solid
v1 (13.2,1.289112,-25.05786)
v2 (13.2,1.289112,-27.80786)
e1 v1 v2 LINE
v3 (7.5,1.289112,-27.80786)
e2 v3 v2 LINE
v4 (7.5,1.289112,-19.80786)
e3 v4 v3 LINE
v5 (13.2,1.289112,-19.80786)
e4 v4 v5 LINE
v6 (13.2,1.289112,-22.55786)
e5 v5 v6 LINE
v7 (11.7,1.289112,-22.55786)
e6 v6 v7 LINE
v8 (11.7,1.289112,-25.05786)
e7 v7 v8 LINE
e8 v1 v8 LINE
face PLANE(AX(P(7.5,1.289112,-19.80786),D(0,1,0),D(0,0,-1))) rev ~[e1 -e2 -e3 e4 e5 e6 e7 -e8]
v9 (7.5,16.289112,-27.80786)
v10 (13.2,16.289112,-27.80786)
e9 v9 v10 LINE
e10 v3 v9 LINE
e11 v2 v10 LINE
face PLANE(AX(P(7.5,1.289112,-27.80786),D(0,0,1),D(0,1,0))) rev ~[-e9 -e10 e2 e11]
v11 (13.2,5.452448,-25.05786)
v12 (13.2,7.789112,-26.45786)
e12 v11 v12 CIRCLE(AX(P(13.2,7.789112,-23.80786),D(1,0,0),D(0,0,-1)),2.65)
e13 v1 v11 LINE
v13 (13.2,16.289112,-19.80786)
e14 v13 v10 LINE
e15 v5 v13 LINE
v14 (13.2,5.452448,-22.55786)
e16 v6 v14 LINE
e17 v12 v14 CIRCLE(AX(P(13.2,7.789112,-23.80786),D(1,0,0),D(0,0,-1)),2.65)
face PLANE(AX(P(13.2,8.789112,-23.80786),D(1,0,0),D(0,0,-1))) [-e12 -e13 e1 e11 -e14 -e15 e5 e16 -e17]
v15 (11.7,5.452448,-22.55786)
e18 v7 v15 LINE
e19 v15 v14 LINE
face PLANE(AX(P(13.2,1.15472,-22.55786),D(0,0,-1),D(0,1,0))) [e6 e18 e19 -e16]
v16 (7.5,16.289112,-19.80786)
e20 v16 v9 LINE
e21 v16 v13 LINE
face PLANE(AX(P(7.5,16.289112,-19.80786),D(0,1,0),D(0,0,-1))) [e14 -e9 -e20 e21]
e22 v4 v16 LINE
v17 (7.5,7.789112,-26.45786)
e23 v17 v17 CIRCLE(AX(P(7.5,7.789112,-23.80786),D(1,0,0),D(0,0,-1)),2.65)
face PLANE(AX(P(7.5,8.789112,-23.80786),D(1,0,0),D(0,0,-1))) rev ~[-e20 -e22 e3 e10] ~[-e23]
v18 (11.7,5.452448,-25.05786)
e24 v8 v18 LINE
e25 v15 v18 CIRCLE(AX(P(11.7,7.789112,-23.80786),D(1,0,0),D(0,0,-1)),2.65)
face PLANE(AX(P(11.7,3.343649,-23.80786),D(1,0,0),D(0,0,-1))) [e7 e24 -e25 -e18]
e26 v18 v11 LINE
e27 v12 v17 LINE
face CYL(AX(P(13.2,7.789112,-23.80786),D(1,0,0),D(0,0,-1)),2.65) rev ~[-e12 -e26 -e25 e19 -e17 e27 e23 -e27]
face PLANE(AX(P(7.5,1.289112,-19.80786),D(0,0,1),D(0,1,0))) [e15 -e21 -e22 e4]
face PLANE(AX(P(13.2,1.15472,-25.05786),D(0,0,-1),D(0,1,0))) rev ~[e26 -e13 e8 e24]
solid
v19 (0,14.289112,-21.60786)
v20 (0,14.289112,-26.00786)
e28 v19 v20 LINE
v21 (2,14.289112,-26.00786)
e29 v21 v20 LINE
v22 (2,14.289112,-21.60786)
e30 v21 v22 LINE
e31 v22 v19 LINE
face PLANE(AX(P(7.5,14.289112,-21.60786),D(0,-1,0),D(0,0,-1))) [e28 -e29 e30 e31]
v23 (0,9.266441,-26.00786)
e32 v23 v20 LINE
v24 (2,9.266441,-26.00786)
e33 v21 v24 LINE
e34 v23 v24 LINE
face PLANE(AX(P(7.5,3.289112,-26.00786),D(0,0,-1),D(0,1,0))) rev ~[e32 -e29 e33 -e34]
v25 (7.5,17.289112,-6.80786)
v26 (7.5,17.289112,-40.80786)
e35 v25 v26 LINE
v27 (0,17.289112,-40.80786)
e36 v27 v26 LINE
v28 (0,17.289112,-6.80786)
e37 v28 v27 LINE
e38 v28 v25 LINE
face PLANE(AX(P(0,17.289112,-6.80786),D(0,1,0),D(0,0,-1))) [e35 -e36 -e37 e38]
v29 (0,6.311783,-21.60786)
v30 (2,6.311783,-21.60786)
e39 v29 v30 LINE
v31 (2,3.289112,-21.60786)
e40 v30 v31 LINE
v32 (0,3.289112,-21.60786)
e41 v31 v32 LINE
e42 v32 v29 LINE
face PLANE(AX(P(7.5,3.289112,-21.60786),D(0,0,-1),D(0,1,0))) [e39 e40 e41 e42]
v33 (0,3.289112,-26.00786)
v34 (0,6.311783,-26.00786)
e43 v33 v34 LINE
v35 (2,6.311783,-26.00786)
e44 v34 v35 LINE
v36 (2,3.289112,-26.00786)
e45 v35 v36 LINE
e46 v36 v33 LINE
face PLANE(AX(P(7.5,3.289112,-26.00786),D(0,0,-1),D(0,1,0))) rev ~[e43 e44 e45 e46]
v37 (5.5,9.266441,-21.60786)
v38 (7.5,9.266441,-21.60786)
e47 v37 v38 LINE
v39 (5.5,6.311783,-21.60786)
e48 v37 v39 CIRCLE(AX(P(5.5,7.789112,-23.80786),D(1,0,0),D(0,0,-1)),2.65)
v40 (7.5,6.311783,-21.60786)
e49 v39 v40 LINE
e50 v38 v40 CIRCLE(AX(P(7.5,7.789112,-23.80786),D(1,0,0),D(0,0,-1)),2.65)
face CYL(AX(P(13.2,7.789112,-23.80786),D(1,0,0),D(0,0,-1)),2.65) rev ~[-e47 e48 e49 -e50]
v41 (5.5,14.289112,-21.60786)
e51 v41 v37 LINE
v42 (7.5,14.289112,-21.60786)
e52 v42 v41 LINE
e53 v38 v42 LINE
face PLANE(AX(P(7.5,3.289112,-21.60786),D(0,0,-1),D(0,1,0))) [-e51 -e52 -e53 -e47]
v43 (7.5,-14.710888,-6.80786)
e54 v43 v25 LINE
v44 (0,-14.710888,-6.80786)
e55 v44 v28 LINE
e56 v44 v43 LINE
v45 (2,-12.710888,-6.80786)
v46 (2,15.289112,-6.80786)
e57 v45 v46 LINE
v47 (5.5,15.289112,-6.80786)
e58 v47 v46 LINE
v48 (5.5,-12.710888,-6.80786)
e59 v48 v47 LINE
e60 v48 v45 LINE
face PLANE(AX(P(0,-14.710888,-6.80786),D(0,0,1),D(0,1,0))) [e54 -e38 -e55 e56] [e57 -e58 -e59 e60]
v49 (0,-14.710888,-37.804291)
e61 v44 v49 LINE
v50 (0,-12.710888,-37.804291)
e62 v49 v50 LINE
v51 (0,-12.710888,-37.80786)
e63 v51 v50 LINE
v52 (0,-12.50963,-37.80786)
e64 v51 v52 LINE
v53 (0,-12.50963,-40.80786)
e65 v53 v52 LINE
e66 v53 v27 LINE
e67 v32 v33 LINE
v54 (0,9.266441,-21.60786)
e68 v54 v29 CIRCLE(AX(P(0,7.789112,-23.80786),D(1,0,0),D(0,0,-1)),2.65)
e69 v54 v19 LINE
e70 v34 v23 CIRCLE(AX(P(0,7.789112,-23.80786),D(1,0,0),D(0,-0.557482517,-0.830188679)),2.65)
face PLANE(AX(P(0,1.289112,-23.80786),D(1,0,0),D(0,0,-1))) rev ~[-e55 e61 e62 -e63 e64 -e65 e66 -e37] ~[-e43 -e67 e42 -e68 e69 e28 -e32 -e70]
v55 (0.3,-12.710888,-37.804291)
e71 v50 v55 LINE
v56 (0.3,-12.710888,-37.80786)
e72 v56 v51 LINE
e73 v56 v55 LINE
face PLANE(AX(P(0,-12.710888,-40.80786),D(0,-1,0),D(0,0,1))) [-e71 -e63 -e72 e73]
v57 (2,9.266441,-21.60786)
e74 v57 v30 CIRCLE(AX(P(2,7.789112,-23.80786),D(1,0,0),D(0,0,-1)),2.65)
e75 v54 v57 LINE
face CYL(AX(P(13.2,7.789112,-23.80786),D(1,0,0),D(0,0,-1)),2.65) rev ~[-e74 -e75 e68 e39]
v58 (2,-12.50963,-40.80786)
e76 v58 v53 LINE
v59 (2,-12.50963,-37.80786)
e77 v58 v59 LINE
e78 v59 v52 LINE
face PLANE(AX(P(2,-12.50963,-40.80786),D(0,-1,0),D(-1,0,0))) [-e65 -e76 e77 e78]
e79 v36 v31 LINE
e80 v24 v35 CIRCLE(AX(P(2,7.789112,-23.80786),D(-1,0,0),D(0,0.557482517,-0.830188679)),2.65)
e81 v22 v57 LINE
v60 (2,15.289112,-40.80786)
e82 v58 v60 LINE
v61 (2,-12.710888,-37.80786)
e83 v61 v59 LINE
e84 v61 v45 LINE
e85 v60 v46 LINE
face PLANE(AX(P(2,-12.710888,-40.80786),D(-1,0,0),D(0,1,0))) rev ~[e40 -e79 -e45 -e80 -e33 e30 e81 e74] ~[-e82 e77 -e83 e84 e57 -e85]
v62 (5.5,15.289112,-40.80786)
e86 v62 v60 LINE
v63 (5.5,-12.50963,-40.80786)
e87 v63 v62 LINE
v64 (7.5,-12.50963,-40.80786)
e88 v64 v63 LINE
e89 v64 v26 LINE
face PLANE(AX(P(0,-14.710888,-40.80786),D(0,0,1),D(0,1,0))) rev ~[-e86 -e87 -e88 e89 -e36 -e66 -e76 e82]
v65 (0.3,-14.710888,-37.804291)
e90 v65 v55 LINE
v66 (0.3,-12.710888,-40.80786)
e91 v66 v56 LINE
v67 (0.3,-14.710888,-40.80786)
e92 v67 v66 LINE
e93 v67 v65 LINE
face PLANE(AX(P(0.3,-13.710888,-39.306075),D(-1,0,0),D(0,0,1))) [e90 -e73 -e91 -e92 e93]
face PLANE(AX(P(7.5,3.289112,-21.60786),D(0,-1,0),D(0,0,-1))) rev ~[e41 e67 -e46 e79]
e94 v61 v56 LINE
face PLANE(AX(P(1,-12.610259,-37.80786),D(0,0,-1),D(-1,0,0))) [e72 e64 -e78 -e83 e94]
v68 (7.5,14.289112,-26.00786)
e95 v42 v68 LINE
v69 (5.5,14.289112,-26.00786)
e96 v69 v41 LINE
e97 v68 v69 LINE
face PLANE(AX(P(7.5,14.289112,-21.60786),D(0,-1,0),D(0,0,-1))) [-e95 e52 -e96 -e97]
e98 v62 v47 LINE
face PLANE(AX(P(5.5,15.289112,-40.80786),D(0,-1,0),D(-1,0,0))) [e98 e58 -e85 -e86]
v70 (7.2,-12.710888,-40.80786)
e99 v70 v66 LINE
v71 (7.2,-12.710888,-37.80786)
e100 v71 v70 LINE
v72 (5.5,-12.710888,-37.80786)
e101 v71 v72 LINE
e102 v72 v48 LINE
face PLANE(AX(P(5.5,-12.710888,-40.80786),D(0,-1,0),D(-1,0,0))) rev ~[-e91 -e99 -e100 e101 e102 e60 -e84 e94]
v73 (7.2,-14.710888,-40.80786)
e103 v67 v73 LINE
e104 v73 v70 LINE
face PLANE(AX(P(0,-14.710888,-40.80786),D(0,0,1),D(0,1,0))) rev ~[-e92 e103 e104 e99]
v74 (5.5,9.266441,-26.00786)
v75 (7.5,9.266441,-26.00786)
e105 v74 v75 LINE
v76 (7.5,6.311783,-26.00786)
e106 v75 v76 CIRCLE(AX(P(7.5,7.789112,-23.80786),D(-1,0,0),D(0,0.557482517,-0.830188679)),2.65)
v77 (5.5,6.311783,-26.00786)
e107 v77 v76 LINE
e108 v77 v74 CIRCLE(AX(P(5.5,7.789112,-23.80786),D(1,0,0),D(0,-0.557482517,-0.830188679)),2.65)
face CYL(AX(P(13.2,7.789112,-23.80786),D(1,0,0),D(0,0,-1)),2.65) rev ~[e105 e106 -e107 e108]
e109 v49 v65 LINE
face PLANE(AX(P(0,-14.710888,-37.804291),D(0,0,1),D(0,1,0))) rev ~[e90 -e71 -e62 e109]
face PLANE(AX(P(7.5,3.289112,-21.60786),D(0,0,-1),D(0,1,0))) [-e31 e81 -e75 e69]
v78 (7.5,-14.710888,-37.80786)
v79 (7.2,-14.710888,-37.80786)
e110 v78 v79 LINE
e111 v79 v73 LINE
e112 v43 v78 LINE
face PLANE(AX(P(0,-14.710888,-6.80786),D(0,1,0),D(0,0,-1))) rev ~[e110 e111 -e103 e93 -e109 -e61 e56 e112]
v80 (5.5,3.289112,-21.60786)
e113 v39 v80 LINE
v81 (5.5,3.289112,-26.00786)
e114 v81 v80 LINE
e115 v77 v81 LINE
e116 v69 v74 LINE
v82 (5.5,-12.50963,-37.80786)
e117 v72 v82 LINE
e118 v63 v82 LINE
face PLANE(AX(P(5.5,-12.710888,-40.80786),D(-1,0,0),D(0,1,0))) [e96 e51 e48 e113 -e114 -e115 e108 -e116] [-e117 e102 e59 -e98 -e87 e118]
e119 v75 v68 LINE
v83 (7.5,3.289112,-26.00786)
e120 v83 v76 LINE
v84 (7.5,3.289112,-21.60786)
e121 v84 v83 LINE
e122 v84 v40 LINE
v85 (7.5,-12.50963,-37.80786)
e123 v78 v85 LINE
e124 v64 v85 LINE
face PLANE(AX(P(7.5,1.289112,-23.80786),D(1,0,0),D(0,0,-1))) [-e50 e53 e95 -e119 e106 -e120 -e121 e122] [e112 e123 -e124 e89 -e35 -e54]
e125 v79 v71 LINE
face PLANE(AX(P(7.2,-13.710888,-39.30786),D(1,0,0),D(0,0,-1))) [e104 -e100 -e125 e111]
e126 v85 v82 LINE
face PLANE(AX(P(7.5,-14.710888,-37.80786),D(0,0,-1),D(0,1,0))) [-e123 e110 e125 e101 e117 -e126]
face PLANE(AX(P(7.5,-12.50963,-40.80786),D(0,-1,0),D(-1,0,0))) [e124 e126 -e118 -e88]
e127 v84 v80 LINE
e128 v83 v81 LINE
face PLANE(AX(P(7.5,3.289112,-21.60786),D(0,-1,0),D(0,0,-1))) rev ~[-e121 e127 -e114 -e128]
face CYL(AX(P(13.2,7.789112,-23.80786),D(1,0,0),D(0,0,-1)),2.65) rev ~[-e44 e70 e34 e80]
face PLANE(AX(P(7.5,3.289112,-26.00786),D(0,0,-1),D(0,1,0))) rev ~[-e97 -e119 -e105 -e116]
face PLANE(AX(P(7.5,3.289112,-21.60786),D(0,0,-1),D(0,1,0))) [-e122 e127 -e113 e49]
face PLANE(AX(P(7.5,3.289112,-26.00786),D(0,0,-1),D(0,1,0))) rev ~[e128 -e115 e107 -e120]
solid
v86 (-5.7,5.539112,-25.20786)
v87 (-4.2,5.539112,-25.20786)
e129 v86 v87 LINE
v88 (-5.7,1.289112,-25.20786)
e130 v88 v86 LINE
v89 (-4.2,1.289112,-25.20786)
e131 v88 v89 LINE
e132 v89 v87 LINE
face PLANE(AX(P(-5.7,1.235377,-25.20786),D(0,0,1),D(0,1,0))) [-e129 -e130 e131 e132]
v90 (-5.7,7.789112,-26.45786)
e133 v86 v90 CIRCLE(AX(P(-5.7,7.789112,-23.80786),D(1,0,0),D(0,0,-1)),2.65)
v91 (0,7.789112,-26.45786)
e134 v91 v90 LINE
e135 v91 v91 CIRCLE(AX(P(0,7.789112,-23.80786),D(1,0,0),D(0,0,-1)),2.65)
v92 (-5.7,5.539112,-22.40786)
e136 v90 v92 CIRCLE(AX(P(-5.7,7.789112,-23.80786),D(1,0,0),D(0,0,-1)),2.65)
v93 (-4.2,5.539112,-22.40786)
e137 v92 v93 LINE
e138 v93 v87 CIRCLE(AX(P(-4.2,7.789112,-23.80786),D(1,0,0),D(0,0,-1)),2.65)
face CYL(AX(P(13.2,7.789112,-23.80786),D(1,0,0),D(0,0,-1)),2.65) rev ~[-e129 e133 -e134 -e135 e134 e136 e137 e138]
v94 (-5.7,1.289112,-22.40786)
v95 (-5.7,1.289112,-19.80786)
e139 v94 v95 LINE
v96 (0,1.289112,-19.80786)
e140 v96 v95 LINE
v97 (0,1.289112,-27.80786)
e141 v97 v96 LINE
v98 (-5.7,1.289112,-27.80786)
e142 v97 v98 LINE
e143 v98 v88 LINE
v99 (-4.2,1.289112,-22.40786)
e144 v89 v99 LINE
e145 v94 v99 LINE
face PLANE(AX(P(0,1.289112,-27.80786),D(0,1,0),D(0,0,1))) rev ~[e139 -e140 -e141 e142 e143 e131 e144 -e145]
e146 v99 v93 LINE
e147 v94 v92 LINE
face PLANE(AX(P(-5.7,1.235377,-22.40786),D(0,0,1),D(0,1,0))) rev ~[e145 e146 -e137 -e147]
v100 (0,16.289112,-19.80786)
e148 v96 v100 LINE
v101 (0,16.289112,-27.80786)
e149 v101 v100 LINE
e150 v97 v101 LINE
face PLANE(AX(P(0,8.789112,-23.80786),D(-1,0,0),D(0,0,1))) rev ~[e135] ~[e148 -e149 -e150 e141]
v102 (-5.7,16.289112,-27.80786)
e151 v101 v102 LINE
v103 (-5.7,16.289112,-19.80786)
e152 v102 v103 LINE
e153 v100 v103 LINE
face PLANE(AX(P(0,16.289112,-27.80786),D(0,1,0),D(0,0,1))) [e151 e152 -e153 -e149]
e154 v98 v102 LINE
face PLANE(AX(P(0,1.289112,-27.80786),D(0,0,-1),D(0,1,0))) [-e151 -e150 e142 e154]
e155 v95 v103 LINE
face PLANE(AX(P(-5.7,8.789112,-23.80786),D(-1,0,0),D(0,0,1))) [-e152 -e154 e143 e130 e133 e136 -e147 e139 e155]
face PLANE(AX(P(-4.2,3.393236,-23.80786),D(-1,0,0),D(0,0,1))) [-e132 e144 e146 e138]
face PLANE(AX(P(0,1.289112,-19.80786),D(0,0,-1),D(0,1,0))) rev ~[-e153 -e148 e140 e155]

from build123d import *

# Parameters (mm, degrees)
SKETCH_1_W           = 34
SKETCH_1_H           = 32
EXTRUDE_1_DEPTH      = 7.5
SKETCH_2_W           = 3.5
SKETCH_2_H           = 28
CUT_EXTRUDE_1_DEPTH  = 34
SKETCH_3_W           = 4.4
SKETCH_3_H           = 11
CUT_EXTRUDE_2_DEPTH  = 45.949358405
SKETCH_5_W           = 8
SKETCH_5_H           = 15
EXTRUDE_2_DEPTH      = 5.7
SKETCH_7_W           = 8
SKETCH_7_H           = 15
EXTRUDE_3_DEPTH      = 5.7
SKETCH_9_R           = 2.65
CUT_EXTRUDE_5_DEPTH  = 49.180959113
SKETCH_13_W          = 2.8
SKETCH_13_H          = 4.315717283
CUT_EXTRUDE_6_DEPTH  = 1.5
SKETCH_14_W          = 2.5
SKETCH_14_H          = 4.377857335
CUT_EXTRUDE_7_DEPTH  = 1.5
SKETCH_15_W          = 2
SKETCH_15_H          = 0.201258068
CUT_EXTRUDE_8_DEPTH  = 3
SKETCH_16_W          = 3.003569047
SKETCH_16_H          = 2
CUT_EXTRUDE_9_DEPTH  = 0.3
SKETCH_17_W          = 3
SKETCH_17_H          = 2
CUT_EXTRUDE_10_DEPTH = 0.3


with BuildPart() as part:
    # Эскиз1 → Бобышка-Вытянуть1 (new body)
    with BuildSketch(Plane(origin=(0, 0, 0), x_dir=(0, 0, -1), z_dir=(1, 0, 0))):
        with Locations((23.807859897, 1.28911194)):
            Rectangle(SKETCH_1_W, SKETCH_1_H)
    extrude(amount=EXTRUDE_1_DEPTH)

    # Эскиз2 → Вырез-Вытянуть1 (cut)
    with BuildSketch(Plane(origin=(0, 0, -40.807859897), x_dir=(-1, 0, 0), z_dir=(0, 0, -1))):
        with Locations((-3.75, 1.28911194)):
            Rectangle(SKETCH_2_W, SKETCH_2_H)
    extrude(amount=-CUT_EXTRUDE_1_DEPTH, mode=Mode.SUBTRACT)

    # Эскиз3 → Вырез-Вытянуть2 (cut, through all)
    with BuildSketch(Plane(origin=(7.5, 0, 0), x_dir=(0, 0, -1), z_dir=(1, 0, 0))):
        with Locations((23.807859897, 8.78911194)):
            Rectangle(SKETCH_3_W, SKETCH_3_H)
    extrude(amount=-CUT_EXTRUDE_2_DEPTH, mode=Mode.SUBTRACT)


with BuildPart() as body_2:
    # Эскиз5 → Бобышка-Вытянуть2 (new body)
    with BuildSketch(Plane(origin=(7.5, 0, 0), x_dir=(0, 0, -1), z_dir=(1, 0, 0))):
        with Locations((23.807859897, 8.78911194)):
            Rectangle(SKETCH_5_W, SKETCH_5_H)
    extrude(amount=EXTRUDE_2_DEPTH)


with BuildPart() as body_3:
    # Эскиз7 → Бобышка-Вытянуть3 (new body)
    with BuildSketch(Plane.ZY):
        with Locations((-23.807859897, 8.78911194)):
            Rectangle(SKETCH_7_W, SKETCH_7_H)
    extrude(amount=EXTRUDE_3_DEPTH)


with BuildPart() as cut_extrude_5_tool:
    # Эскиз9 → Вырез-Вытянуть5 (new, through all)
    with BuildSketch(Plane(origin=(13.2, 0, 0), x_dir=(0, 0, -1), z_dir=(1, 0, 0))):
        with Locations((23.807859897, 7.78911194)):
            Circle(SKETCH_9_R)
    extrude(amount=-CUT_EXTRUDE_5_DEPTH)


with BuildPart() as part_1:
    add(part.part)

    # Вырез-Вытянуть5: cut by cut_extrude_5_tool
    add(cut_extrude_5_tool.part, mode=Mode.SUBTRACT)

    # Эскиз15 → Вырез-Вытянуть8 (cut)
    with BuildSketch(Plane(origin=(0, 0, -40.807859897), x_dir=(-1, 0, 0), z_dir=(0, 0, -1))):
        with Locations((-6.5, -12.610259026)):
            Rectangle(SKETCH_15_W, SKETCH_15_H)
        with Locations((-1, -12.610259026)):
            Rectangle(SKETCH_15_W, SKETCH_15_H)
    extrude(amount=-CUT_EXTRUDE_8_DEPTH, mode=Mode.SUBTRACT)

    # Эскиз16 → Вырез-Вытянуть9 (cut)
    with BuildSketch(Plane.ZY):
        with Locations((-39.306075374, -13.71088806)):
            Rectangle(SKETCH_16_W, SKETCH_16_H)
    extrude(amount=-CUT_EXTRUDE_9_DEPTH, mode=Mode.SUBTRACT)

    # Эскиз17 → Вырез-Вытянуть10 (cut)
    with BuildSketch(Plane(origin=(7.5, 0, 0), x_dir=(0, 0, -1), z_dir=(1, 0, 0))):
        with Locations((39.307859897, -13.71088806)):
            Rectangle(SKETCH_17_W, SKETCH_17_H)
    extrude(amount=-CUT_EXTRUDE_10_DEPTH, mode=Mode.SUBTRACT)


with BuildPart() as body_2_1:
    add(body_2.part)

    # Вырез-Вытянуть5: cut by cut_extrude_5_tool
    add(cut_extrude_5_tool.part, mode=Mode.SUBTRACT)

    # Эскиз14 → Вырез-Вытянуть7 (cut)
    with BuildSketch(Plane(origin=(13.2, 0, 0), x_dir=(0, 0, -1), z_dir=(1, 0, 0))):
        with Locations((23.807859897, 3.343648644)):
            Rectangle(SKETCH_14_W, SKETCH_14_H)
    extrude(amount=-CUT_EXTRUDE_7_DEPTH, mode=Mode.SUBTRACT)


with BuildPart() as body_3_1:
    add(body_3.part)

    # Вырез-Вытянуть5: cut by cut_extrude_5_tool
    add(cut_extrude_5_tool.part, mode=Mode.SUBTRACT)

    # Эскиз13 → Вырез-Вытянуть6 (cut)
    with BuildSketch(Plane.ZY.offset(5.7)):
        with Locations((-23.807859897, 3.393235991)):
            Rectangle(SKETCH_13_W, SKETCH_13_H)
    extrude(amount=-CUT_EXTRUDE_6_DEPTH, mode=Mode.SUBTRACT)


solid = Compound([part_1.part, body_2_1.part, body_3_1.part])
